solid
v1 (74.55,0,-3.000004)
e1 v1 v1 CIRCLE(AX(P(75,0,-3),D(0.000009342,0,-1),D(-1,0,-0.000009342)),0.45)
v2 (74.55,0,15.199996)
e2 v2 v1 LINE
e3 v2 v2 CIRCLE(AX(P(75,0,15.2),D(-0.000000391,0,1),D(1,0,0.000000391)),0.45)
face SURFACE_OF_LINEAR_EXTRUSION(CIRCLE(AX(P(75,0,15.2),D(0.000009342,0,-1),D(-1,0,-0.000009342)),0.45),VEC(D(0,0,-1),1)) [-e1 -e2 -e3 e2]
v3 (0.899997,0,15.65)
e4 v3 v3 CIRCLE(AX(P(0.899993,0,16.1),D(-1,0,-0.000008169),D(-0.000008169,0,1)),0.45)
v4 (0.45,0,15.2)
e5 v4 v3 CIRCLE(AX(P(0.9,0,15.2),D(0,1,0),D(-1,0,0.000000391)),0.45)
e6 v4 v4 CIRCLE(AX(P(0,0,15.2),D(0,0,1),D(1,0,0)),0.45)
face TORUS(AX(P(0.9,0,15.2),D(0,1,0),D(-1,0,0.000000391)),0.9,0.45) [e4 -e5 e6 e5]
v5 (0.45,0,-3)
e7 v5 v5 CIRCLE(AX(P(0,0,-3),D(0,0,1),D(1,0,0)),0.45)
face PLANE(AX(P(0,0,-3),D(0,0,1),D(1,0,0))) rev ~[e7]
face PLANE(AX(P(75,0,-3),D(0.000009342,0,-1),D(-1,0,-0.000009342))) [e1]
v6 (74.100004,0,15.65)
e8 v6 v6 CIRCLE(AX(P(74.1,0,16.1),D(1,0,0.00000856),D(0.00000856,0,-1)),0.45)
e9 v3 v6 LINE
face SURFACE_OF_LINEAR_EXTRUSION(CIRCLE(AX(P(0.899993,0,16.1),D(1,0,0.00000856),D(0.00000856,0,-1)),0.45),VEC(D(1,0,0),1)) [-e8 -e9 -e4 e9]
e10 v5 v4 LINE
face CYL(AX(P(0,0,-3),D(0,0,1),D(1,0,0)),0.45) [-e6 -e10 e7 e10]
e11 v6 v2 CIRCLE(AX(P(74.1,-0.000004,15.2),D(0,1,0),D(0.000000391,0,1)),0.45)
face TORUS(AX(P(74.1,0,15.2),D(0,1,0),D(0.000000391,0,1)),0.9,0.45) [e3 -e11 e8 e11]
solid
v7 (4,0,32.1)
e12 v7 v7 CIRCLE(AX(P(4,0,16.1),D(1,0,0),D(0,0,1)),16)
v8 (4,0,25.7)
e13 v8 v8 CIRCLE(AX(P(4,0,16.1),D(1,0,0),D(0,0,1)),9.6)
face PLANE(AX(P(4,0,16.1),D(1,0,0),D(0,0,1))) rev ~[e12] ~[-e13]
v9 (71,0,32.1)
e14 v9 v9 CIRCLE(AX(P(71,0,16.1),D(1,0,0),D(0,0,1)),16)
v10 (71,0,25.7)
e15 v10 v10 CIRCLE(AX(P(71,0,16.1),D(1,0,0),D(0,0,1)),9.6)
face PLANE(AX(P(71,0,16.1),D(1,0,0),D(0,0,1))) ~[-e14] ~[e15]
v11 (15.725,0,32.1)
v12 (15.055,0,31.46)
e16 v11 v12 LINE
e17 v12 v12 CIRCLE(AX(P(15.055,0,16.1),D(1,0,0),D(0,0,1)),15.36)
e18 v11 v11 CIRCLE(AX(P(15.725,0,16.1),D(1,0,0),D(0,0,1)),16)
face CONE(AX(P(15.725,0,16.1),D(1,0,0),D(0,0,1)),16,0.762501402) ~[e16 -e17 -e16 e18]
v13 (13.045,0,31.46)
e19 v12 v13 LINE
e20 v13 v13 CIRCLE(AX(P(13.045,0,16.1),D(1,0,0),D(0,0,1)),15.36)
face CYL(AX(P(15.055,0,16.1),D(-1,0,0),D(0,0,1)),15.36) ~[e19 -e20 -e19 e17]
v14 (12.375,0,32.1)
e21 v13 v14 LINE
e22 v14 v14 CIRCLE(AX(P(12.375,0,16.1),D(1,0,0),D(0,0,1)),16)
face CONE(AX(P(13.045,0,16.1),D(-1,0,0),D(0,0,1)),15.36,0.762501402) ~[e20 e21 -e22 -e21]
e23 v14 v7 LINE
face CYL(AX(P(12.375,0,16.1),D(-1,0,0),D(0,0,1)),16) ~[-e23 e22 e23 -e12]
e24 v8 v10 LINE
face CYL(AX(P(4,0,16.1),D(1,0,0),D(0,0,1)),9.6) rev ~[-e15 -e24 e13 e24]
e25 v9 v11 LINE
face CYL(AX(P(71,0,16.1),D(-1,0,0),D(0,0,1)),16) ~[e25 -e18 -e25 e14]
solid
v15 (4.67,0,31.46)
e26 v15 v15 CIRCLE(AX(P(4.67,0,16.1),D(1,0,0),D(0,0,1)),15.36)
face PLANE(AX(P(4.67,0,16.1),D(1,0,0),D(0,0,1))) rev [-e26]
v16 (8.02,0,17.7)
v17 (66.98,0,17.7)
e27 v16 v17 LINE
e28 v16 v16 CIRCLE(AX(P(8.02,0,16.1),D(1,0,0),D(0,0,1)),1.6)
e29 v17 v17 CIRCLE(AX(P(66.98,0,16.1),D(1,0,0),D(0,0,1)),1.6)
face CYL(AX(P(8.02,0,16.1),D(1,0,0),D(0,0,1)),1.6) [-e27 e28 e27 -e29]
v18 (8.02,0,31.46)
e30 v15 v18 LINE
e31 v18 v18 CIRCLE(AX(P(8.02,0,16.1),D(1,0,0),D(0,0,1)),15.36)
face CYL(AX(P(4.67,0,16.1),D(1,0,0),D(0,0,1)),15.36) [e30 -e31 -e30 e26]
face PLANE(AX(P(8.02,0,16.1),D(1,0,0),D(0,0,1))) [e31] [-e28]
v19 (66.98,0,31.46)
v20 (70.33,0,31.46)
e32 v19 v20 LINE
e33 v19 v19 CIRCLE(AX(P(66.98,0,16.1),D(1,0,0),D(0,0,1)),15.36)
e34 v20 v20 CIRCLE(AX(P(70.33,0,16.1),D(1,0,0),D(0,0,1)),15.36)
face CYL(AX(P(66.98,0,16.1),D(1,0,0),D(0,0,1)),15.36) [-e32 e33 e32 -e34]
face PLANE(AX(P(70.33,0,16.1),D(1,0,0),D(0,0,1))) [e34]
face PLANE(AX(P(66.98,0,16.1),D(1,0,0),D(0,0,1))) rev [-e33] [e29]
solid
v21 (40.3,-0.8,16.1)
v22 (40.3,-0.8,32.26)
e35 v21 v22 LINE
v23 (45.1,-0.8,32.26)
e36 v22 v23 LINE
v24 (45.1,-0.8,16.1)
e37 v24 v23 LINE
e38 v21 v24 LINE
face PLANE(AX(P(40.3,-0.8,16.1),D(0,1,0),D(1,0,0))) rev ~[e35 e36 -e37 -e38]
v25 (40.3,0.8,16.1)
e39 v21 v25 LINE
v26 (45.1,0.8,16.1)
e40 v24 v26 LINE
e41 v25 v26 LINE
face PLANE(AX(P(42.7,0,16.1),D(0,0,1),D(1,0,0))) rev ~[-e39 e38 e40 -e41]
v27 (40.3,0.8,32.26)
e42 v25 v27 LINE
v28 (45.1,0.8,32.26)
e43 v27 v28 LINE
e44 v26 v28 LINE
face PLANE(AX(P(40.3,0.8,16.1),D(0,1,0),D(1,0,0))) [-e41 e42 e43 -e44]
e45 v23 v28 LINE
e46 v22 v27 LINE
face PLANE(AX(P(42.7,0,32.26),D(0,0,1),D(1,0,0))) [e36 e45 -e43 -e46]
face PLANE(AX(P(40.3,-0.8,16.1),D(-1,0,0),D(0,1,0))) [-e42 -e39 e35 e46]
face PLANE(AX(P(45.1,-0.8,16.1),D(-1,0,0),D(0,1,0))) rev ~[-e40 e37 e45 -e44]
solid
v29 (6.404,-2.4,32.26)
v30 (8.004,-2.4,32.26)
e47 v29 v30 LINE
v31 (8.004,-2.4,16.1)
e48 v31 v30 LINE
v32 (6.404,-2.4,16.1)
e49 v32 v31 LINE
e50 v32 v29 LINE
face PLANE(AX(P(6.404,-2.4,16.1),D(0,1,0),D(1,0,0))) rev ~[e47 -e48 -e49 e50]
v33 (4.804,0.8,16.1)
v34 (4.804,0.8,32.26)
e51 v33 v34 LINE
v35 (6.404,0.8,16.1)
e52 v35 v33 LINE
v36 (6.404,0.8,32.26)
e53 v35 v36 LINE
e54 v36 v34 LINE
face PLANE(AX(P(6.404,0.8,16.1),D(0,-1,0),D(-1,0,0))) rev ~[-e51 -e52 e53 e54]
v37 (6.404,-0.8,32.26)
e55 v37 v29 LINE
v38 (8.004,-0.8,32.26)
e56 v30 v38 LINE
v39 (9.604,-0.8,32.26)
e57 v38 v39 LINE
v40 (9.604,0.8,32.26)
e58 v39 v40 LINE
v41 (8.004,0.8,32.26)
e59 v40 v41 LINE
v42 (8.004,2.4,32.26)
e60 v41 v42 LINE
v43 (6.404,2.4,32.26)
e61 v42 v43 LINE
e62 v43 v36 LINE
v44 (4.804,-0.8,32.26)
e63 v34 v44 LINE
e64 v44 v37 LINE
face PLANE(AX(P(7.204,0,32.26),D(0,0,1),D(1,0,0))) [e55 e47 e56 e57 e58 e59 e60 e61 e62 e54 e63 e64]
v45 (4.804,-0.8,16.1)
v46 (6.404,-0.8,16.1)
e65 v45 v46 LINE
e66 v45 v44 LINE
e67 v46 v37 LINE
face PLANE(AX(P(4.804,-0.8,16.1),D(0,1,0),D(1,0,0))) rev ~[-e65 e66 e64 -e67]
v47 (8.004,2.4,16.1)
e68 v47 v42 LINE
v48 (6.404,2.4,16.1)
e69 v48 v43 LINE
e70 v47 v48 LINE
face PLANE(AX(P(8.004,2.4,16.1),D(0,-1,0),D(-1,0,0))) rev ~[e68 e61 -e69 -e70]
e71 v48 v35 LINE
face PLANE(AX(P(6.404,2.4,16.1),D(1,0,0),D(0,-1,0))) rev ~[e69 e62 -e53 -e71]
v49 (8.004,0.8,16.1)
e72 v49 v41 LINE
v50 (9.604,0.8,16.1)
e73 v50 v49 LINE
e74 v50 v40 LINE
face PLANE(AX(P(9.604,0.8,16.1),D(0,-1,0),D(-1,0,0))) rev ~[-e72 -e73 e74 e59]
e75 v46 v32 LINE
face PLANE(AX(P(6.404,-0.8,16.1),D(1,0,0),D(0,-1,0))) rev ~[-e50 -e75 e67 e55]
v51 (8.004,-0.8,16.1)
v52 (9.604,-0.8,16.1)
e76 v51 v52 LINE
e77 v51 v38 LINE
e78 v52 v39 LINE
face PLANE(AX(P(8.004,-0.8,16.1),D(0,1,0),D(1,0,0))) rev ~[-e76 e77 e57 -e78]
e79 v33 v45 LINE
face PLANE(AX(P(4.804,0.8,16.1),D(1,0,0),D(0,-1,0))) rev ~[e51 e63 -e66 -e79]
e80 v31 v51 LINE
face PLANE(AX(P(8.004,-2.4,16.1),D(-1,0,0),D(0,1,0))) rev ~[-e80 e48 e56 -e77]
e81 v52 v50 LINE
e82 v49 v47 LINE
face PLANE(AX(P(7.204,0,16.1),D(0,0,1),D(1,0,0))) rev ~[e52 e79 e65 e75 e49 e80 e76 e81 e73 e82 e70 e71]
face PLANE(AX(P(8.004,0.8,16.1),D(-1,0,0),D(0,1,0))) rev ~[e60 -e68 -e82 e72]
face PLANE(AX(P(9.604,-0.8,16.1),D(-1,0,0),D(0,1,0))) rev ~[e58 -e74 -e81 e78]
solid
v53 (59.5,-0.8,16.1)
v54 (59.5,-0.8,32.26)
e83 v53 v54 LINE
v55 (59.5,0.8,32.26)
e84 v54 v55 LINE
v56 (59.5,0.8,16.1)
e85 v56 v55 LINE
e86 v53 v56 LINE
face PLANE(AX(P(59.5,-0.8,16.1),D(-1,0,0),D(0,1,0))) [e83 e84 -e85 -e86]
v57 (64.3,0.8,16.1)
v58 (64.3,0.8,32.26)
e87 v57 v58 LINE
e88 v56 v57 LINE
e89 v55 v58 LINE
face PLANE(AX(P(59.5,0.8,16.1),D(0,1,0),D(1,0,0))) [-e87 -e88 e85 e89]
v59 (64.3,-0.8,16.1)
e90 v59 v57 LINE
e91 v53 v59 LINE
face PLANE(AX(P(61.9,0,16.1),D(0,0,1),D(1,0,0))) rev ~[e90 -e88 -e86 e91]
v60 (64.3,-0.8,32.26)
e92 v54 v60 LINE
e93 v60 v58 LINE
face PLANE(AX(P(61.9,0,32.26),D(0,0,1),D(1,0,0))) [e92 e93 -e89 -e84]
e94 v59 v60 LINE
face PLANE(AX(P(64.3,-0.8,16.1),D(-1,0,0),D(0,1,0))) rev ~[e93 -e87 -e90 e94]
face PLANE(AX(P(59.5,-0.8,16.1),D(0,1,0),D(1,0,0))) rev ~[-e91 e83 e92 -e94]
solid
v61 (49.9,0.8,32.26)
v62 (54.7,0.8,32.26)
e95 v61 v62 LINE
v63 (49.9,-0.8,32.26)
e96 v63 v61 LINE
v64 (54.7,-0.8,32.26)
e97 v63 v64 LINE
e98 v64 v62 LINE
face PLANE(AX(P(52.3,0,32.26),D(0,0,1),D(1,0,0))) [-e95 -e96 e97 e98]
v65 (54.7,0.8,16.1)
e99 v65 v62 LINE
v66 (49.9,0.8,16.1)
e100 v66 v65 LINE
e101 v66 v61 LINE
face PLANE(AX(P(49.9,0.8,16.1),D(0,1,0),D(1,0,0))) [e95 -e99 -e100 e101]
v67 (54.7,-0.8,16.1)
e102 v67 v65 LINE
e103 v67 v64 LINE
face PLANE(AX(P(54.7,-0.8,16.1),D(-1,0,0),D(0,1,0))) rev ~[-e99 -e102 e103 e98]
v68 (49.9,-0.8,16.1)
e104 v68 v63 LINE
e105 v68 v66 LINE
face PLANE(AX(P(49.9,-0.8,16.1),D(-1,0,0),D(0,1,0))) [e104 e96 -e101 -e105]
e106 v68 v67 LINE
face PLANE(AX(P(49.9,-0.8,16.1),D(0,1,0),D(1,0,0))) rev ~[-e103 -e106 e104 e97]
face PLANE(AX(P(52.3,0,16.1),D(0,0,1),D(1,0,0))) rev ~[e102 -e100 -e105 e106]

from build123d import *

# Parameters (mm, degrees)
SKETCH_R    = 0.45
SKETCH004_W = 4.8
SKETCH004_H = 1.6
PAD_DEPTH   = 16.16


with BuildPart() as sweep_body:
    # Sweep: sweep along a path in Sketch001
    with BuildLine(Plane.XZ) as sweep_path:
        Line((0, -3), (0, 15.2))
        ThreePointArc((0, 15.2), (0.263601, 15.836393), (0.899993, 16.1))
        Line((0.899993, 16.1), (74.1, 16.1))
        ThreePointArc((74.1, 16.1), (74.736396, 15.836396), (75, 15.2))
        Line((75, 15.2), (75, -3))
    # Sketch → Sweep (sweep)
    with BuildSketch(Plane.XY.offset(-2)):
        Circle(SKETCH_R)
    sweep(path=sweep_path.line)


with BuildPart() as revolution:
    # Sketch002 → Revolution (revolve)
    with BuildSketch(Plane.XZ):
        Polygon((4, 32.1), (4, 25.7), (71, 25.7), (71, 32.1), (15.725, 32.1), (15.055, 31.46), (13.045, 31.46), (12.375, 32.1), align=None)
    revolve(axis=Axis((6.97588, 0, 16.1), (1, 0, 0)))


with BuildPart() as revolution001:
    # Sketch003 → Revolution001 (revolve)
    with BuildSketch(Plane.XZ):
        Polygon((4.67, 31.46), (8.02, 31.46), (8.02, 17.7), (66.98, 17.7), (66.98, 31.46), (70.33, 31.46), (70.33, 16.1), (4.67, 16.1), align=None)
    revolve(axis=Axis((6.97588, 0, 16.1), (1, 0, 0)))


with BuildPart() as pad:
    # Sketch004 → Pad (new body)
    with BuildSketch(Plane.XY.offset(16.1)):
        with Locations((61.9, 0)):
            Rectangle(SKETCH004_W, SKETCH004_H)
        with Locations((52.3, 0)):
            Rectangle(SKETCH004_W, SKETCH004_H)
        with Locations((42.7, 0)):
            Rectangle(SKETCH004_W, SKETCH004_H)
        Polygon((6.404, 0.8), (4.804, 0.8), (4.804, -0.8), (6.404, -0.8), (6.404, -2.4), (8.004, -2.4), (8.004, -0.8), (9.604, -0.8), (9.604, 0.8), (8.004, 0.8), (8.004, 2.4), (6.404, 2.4), align=None)
    extrude(amount=PAD_DEPTH)


solid = Compound([sweep_body.part, revolution.part, revolution001.part, pad.part])
